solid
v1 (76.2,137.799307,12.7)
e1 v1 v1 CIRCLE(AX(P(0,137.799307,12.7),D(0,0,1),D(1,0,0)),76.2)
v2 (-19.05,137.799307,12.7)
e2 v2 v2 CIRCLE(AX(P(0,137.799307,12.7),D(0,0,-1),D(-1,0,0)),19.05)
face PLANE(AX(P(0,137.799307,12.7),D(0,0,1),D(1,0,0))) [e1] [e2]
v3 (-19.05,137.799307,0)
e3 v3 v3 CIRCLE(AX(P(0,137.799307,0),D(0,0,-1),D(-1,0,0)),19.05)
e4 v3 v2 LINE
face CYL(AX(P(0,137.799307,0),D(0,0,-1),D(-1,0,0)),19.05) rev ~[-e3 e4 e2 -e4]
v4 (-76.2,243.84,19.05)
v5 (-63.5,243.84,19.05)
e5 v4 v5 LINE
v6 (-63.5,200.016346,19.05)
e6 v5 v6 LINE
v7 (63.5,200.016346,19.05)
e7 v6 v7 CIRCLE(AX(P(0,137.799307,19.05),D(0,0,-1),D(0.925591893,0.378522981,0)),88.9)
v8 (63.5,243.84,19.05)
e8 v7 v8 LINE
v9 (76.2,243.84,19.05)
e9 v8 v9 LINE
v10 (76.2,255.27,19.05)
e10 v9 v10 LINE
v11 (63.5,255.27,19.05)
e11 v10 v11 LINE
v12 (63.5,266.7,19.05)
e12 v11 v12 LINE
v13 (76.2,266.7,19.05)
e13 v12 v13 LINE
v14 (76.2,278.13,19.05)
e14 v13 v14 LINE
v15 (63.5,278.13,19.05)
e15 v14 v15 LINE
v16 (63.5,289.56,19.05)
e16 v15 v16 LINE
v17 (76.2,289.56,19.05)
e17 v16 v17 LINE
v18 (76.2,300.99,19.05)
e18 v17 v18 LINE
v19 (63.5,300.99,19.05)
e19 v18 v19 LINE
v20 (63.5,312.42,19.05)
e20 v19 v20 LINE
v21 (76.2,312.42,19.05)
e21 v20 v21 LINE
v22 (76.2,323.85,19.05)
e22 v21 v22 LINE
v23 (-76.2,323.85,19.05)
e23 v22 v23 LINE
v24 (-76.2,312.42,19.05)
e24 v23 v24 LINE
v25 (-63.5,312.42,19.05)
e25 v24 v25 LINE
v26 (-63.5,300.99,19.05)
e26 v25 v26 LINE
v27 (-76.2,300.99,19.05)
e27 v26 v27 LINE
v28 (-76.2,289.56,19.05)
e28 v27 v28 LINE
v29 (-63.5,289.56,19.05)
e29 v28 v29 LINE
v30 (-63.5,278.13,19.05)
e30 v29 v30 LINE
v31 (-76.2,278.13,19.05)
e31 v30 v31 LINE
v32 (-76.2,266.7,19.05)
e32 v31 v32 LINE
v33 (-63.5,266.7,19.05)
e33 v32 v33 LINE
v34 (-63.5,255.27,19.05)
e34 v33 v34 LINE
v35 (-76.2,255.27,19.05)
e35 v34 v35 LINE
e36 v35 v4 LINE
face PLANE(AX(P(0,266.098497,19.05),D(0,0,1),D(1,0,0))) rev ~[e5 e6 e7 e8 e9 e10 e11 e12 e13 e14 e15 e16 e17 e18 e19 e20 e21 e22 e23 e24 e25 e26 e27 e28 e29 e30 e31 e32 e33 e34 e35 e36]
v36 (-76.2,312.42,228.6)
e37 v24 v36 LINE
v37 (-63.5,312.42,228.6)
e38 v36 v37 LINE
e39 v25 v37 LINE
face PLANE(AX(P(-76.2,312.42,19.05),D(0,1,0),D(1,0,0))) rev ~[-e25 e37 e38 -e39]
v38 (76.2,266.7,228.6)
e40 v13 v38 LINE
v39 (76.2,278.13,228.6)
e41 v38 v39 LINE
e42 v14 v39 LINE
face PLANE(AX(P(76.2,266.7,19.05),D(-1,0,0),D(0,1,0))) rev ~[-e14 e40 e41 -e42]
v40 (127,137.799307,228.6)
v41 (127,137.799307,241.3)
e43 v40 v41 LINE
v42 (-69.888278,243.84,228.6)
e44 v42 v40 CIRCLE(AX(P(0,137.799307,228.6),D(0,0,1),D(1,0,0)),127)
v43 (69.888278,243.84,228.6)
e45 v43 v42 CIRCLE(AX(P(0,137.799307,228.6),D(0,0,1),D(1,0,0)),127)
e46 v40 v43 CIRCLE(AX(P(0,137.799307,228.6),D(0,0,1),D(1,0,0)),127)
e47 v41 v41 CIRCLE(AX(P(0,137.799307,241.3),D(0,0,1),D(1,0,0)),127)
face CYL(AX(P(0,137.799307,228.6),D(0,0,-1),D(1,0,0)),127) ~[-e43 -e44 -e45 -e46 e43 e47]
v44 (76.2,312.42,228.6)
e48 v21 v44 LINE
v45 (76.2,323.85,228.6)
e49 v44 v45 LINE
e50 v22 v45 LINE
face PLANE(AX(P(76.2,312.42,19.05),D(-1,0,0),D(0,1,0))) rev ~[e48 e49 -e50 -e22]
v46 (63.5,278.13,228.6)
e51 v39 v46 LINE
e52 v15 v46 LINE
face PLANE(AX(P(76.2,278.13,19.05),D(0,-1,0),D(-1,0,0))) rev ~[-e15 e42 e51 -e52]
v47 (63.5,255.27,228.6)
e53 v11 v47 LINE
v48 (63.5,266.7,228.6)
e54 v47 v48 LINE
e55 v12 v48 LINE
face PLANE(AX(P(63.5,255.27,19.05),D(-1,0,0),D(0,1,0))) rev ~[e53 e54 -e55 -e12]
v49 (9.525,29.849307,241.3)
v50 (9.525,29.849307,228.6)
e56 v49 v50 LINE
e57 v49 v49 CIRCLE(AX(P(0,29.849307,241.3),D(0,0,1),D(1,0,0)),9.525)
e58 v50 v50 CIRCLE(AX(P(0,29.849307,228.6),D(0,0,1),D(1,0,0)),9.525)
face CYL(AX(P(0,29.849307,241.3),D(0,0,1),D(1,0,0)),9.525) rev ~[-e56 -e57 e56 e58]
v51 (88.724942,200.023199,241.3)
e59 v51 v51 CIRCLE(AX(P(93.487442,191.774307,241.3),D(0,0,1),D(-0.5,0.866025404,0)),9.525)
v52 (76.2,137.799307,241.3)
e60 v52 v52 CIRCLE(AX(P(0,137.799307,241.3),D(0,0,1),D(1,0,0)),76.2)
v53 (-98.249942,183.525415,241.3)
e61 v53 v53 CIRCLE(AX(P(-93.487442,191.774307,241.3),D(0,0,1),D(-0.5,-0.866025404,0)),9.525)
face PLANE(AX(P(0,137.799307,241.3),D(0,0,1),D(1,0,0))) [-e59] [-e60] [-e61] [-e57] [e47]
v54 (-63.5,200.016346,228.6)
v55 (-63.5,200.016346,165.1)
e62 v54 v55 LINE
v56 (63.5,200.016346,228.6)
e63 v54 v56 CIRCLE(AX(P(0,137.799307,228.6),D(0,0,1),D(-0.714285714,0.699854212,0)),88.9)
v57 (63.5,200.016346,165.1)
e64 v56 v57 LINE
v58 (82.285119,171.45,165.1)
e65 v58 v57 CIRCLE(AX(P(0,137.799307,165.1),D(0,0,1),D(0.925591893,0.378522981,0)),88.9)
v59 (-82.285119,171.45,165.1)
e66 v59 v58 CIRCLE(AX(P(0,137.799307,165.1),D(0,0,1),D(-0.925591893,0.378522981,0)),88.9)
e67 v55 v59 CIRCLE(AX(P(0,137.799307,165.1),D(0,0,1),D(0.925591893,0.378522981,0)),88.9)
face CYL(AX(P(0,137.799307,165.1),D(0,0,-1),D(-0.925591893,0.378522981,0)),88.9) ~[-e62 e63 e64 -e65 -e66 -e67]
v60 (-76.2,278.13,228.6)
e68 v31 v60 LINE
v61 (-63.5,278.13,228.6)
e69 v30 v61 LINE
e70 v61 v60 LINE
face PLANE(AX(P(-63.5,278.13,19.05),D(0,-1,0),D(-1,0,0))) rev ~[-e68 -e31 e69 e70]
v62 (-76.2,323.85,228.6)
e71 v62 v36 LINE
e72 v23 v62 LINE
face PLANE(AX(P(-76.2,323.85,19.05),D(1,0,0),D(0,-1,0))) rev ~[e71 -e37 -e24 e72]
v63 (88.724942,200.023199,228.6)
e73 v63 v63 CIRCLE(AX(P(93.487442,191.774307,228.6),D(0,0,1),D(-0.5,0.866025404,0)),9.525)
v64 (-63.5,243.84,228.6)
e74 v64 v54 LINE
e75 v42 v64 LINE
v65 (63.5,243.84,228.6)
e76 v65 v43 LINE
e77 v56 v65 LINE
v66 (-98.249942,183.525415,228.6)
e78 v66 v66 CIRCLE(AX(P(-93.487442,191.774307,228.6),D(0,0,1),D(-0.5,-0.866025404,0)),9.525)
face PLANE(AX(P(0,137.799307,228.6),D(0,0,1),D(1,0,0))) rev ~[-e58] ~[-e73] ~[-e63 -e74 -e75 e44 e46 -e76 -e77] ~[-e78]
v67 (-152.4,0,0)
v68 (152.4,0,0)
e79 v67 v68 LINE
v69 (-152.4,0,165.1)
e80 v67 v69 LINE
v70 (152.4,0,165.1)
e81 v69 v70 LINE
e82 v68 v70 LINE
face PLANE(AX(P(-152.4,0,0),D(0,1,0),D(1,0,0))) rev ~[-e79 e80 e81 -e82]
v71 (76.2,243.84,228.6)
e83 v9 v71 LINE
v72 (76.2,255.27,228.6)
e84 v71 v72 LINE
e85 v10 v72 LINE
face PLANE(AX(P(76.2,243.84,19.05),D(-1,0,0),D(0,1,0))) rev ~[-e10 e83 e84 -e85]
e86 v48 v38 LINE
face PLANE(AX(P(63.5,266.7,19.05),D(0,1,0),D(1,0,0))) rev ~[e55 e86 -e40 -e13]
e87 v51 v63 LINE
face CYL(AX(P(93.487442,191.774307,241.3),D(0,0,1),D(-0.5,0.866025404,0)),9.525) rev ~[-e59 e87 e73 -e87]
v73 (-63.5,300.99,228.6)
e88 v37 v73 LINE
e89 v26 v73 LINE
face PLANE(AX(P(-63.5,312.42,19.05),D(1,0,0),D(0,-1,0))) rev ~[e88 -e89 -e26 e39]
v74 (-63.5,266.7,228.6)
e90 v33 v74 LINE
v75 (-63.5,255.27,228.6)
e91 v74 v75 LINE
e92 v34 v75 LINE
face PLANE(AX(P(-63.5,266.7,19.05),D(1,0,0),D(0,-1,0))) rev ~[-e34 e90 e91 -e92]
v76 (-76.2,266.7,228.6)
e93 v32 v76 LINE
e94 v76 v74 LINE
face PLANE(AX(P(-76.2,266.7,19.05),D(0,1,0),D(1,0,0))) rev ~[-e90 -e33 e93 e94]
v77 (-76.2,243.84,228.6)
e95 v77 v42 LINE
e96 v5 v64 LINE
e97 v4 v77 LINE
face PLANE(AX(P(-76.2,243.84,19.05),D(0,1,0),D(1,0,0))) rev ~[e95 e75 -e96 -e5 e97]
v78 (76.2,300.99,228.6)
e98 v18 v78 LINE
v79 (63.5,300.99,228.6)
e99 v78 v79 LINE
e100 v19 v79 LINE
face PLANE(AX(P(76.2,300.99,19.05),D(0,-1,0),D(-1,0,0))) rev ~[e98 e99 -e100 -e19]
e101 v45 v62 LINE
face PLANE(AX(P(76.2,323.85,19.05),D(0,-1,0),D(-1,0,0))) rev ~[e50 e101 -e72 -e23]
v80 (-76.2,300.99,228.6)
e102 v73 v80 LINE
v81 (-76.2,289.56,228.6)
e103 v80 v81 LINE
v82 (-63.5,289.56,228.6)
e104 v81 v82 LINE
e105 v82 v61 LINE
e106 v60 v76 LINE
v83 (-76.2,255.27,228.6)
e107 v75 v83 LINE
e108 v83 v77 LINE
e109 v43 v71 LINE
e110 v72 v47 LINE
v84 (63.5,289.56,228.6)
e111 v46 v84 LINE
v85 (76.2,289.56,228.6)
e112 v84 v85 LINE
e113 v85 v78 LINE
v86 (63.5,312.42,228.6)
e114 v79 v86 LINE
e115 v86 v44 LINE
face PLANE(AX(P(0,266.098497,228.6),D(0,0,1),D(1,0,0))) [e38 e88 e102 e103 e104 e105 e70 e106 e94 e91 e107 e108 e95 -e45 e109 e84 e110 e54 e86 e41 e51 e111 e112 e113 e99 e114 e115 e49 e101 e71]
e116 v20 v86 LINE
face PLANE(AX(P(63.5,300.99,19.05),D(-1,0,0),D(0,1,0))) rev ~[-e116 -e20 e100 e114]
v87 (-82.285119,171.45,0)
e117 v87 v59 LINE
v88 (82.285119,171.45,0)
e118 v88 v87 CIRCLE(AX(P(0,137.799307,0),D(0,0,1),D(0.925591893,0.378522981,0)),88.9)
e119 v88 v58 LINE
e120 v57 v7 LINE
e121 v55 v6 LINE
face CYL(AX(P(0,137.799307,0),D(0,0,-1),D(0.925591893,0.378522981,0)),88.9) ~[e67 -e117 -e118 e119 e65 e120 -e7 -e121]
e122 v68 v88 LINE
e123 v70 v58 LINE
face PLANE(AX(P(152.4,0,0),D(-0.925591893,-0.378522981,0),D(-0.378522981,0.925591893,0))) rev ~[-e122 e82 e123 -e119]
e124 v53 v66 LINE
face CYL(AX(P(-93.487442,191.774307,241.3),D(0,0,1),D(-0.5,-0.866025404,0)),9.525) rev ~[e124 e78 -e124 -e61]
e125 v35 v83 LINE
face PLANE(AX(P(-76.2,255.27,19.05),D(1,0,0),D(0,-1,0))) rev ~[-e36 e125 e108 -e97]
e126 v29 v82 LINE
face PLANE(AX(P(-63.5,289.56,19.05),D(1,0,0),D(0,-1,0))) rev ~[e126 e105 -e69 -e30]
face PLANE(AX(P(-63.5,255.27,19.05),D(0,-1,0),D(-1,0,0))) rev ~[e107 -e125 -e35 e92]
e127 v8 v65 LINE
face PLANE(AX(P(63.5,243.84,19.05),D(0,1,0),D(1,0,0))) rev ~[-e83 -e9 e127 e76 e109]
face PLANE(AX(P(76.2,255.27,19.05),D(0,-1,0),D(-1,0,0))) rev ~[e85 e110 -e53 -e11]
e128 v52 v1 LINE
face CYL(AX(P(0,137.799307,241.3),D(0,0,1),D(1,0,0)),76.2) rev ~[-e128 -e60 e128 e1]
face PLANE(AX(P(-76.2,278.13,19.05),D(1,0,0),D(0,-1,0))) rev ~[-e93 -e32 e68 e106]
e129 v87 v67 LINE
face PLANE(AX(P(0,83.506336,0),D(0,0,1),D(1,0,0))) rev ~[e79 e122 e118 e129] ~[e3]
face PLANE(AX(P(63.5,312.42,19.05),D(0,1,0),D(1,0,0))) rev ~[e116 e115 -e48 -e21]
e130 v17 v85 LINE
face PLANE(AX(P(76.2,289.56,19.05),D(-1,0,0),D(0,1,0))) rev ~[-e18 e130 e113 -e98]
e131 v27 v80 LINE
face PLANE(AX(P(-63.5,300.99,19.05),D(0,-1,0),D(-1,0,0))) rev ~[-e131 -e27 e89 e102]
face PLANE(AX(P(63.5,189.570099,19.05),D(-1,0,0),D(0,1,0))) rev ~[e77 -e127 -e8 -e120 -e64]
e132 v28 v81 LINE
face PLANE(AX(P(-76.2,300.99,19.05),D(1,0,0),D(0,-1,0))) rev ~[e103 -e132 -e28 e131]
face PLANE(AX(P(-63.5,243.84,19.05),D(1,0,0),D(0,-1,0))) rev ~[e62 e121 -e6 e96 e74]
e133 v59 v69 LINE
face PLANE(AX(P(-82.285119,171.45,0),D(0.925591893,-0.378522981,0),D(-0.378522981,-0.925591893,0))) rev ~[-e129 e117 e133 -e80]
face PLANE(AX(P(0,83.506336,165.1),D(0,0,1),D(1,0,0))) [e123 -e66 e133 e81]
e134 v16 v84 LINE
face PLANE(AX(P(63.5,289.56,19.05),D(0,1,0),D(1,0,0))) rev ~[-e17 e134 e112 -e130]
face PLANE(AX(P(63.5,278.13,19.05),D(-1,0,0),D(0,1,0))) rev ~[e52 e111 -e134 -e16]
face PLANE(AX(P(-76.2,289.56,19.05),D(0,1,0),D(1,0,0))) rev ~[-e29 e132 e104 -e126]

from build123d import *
from build123d.topology import SkipClean

# Parameters (mm, degrees)
BOSS_EXTRUDE1_DEPTH = 165.1
SKETCH2_R           = 88.9
BOSS_EXTRUDE2_DEPTH = 63.5
SKETCH3_R           = 127
BOSS_EXTRUDE3_DEPTH = 12.7
BOSS_EXTRUDE4_DEPTH = 209.55
SKETCH6_R           = 76.2
CUT_EXTRUDE1_DEPTH  = 228.6
CUT_EXTRUDE2_REACH  = 433.66
SKETCH7_R           = 19.05
CUT_EXTRUDE3_REACH  = 433.66
SKETCH9_R           = 9.525
CIRPATTERN1_COUNT   = 3


with BuildPart() as part:
    # Sketch1 → Boss-Extrude1 (new body)
    with BuildSketch(Plane.XY):
        with BuildLine():
            Line((-152.4, 0), (152.4, 0))
            Line((152.4, 0), (82.285119295, 171.45))
            ThreePointArc((82.285119295, 171.45), (0, 226.699306951), (-82.285119295, 171.45))
            Line((-82.285119295, 171.45), (-152.4, 0))
        make_face()
    extrude(amount=BOSS_EXTRUDE1_DEPTH)

    # Sketch2 → Boss-Extrude2 (add)
    with BuildSketch(Plane.XY.offset(165.1)):
        with Locations(Location((0, 137.799306951, 0), (0, 0, 157.757777303))):
            Circle(SKETCH2_R)
    extrude(amount=BOSS_EXTRUDE2_DEPTH)

    # Sketch3 → Boss-Extrude3 (add)
    with BuildSketch(Plane.XY.offset(228.6)):
        with Locations((0, 137.799306951)):
            Circle(SKETCH3_R)
    extrude(amount=BOSS_EXTRUDE3_DEPTH)

    # Sketch4 → Boss-Extrude4 (add)
    with SkipClean():  # the faces are left unmerged after this step: merging them gives an invalid solid
        with BuildSketch(Plane(origin=(0, 0, 19.05), x_dir=(-1, 0, 0), z_dir=(0, 0, -1))):
            with BuildLine():
                Line((-63.5, 189.570098967), (-63.5, 243.84))
                Line((-63.5, 243.84), (-76.2, 243.84))
                Line((-76.2, 243.84), (-76.2, 255.27))
                Line((-76.2, 255.27), (-63.5, 255.27))
                Line((-63.5, 255.27), (-63.5, 266.7))
                Line((-63.5, 266.7), (-76.2, 266.7))
                Line((-76.2, 266.7), (-76.2, 278.13))
                Line((-76.2, 278.13), (-63.5, 278.13))
                Line((-63.5, 278.13), (-63.5, 289.56))
                Line((-63.5, 289.56), (-76.2, 289.56))
                Line((-76.2, 289.56), (-76.2, 300.99))
                Line((-76.2, 300.99), (-63.5, 300.99))
                Line((-63.5, 300.99), (-63.5, 312.42))
                Line((-63.5, 312.42), (-76.2, 312.42))
                Line((-76.2, 312.42), (-76.2, 323.85))
                Line((-76.2, 323.85), (76.2, 323.85))
                Line((76.2, 323.85), (76.2, 312.42))
                Line((76.2, 312.42), (63.5, 312.42))
                Line((63.5, 312.42), (63.5, 300.99))
                Line((63.5, 300.99), (76.2, 300.99))
                Line((76.2, 300.99), (76.2, 289.56))
                Line((76.2, 289.56), (63.5, 289.56))
                Line((63.5, 289.56), (63.5, 278.13))
                Line((63.5, 278.13), (76.2, 278.13))
                Line((76.2, 278.13), (76.2, 266.7))
                Line((76.2, 266.7), (63.5, 266.7))
                Line((63.5, 266.7), (63.5, 255.27))
                Line((63.5, 255.27), (76.2, 255.27))
                Line((76.2, 255.27), (76.2, 243.84))
                Line((76.2, 243.84), (63.5, 243.84))
                Line((63.5, 243.84), (63.5, 189.570098967))
                ThreePointArc((63.5, 189.570098967), (0, 219.728940821), (-63.5, 189.570098967))
            make_face()
        extrude(amount=-BOSS_EXTRUDE4_DEPTH)

    # Sketch6 → Cut-Extrude1 (cut)
    with SkipClean():  # the faces are left unmerged after this step: merging them gives an invalid solid
        with BuildSketch(Plane.XY.offset(241.3)):
            with Locations((0, 137.799306951)):
                Circle(SKETCH6_R)
        extrude(amount=-CUT_EXTRUDE1_DEPTH, mode=Mode.SUBTRACT)

    # Sketch7 → Cut-Extrude2 (cut, up to next)
    with BuildSketch(Plane(origin=(0, 0, 0), x_dir=(-1, 0, 0), z_dir=(0, 0, -1)), mode=Mode.PRIVATE) as cut_extrude2_sk1:
        with Locations((0, 137.799306951)):
            Circle(SKETCH7_R)
    cut_extrude2_tool1 = extrude(cut_extrude2_sk1.sketch, amount=-CUT_EXTRUDE2_REACH, mode=Mode.PRIVATE) & part.part
    add(cut_extrude2_tool1.solids().sort_by_distance((0, 137.799307, 0))[0], mode=Mode.SUBTRACT)

    # Sketch9 → Cut-Extrude3 (cut, up to next)
    with BuildSketch(Plane.XY.offset(241.3), mode=Mode.PRIVATE) as cut_extrude3_sk1:
        with Locations((0, 29.849306951)):
            Circle(SKETCH9_R)
    cut_extrude3_tool1 = extrude(cut_extrude3_sk1.sketch, amount=-CUT_EXTRUDE3_REACH, mode=Mode.PRIVATE) & part.part
    cut_extrude3 = cut_extrude3_tool1.solids().sort_by_distance((0, 29.849307, 241.3))[0]
    add(cut_extrude3, mode=Mode.SUBTRACT)

    # CirPattern1: Cut-Extrude3 ×3 about axis
    with SkipClean():  # the faces are left unmerged after this step: merging them gives an invalid solid
        cirpattern1_axis = Axis((0, 137.799306951, 0), (0, 0, 1))
        for i in range(1, CIRPATTERN1_COUNT):
            add(cut_extrude3.rotate(cirpattern1_axis, i * 360 / CIRPATTERN1_COUNT), mode=Mode.SUBTRACT)


solid = part.part
